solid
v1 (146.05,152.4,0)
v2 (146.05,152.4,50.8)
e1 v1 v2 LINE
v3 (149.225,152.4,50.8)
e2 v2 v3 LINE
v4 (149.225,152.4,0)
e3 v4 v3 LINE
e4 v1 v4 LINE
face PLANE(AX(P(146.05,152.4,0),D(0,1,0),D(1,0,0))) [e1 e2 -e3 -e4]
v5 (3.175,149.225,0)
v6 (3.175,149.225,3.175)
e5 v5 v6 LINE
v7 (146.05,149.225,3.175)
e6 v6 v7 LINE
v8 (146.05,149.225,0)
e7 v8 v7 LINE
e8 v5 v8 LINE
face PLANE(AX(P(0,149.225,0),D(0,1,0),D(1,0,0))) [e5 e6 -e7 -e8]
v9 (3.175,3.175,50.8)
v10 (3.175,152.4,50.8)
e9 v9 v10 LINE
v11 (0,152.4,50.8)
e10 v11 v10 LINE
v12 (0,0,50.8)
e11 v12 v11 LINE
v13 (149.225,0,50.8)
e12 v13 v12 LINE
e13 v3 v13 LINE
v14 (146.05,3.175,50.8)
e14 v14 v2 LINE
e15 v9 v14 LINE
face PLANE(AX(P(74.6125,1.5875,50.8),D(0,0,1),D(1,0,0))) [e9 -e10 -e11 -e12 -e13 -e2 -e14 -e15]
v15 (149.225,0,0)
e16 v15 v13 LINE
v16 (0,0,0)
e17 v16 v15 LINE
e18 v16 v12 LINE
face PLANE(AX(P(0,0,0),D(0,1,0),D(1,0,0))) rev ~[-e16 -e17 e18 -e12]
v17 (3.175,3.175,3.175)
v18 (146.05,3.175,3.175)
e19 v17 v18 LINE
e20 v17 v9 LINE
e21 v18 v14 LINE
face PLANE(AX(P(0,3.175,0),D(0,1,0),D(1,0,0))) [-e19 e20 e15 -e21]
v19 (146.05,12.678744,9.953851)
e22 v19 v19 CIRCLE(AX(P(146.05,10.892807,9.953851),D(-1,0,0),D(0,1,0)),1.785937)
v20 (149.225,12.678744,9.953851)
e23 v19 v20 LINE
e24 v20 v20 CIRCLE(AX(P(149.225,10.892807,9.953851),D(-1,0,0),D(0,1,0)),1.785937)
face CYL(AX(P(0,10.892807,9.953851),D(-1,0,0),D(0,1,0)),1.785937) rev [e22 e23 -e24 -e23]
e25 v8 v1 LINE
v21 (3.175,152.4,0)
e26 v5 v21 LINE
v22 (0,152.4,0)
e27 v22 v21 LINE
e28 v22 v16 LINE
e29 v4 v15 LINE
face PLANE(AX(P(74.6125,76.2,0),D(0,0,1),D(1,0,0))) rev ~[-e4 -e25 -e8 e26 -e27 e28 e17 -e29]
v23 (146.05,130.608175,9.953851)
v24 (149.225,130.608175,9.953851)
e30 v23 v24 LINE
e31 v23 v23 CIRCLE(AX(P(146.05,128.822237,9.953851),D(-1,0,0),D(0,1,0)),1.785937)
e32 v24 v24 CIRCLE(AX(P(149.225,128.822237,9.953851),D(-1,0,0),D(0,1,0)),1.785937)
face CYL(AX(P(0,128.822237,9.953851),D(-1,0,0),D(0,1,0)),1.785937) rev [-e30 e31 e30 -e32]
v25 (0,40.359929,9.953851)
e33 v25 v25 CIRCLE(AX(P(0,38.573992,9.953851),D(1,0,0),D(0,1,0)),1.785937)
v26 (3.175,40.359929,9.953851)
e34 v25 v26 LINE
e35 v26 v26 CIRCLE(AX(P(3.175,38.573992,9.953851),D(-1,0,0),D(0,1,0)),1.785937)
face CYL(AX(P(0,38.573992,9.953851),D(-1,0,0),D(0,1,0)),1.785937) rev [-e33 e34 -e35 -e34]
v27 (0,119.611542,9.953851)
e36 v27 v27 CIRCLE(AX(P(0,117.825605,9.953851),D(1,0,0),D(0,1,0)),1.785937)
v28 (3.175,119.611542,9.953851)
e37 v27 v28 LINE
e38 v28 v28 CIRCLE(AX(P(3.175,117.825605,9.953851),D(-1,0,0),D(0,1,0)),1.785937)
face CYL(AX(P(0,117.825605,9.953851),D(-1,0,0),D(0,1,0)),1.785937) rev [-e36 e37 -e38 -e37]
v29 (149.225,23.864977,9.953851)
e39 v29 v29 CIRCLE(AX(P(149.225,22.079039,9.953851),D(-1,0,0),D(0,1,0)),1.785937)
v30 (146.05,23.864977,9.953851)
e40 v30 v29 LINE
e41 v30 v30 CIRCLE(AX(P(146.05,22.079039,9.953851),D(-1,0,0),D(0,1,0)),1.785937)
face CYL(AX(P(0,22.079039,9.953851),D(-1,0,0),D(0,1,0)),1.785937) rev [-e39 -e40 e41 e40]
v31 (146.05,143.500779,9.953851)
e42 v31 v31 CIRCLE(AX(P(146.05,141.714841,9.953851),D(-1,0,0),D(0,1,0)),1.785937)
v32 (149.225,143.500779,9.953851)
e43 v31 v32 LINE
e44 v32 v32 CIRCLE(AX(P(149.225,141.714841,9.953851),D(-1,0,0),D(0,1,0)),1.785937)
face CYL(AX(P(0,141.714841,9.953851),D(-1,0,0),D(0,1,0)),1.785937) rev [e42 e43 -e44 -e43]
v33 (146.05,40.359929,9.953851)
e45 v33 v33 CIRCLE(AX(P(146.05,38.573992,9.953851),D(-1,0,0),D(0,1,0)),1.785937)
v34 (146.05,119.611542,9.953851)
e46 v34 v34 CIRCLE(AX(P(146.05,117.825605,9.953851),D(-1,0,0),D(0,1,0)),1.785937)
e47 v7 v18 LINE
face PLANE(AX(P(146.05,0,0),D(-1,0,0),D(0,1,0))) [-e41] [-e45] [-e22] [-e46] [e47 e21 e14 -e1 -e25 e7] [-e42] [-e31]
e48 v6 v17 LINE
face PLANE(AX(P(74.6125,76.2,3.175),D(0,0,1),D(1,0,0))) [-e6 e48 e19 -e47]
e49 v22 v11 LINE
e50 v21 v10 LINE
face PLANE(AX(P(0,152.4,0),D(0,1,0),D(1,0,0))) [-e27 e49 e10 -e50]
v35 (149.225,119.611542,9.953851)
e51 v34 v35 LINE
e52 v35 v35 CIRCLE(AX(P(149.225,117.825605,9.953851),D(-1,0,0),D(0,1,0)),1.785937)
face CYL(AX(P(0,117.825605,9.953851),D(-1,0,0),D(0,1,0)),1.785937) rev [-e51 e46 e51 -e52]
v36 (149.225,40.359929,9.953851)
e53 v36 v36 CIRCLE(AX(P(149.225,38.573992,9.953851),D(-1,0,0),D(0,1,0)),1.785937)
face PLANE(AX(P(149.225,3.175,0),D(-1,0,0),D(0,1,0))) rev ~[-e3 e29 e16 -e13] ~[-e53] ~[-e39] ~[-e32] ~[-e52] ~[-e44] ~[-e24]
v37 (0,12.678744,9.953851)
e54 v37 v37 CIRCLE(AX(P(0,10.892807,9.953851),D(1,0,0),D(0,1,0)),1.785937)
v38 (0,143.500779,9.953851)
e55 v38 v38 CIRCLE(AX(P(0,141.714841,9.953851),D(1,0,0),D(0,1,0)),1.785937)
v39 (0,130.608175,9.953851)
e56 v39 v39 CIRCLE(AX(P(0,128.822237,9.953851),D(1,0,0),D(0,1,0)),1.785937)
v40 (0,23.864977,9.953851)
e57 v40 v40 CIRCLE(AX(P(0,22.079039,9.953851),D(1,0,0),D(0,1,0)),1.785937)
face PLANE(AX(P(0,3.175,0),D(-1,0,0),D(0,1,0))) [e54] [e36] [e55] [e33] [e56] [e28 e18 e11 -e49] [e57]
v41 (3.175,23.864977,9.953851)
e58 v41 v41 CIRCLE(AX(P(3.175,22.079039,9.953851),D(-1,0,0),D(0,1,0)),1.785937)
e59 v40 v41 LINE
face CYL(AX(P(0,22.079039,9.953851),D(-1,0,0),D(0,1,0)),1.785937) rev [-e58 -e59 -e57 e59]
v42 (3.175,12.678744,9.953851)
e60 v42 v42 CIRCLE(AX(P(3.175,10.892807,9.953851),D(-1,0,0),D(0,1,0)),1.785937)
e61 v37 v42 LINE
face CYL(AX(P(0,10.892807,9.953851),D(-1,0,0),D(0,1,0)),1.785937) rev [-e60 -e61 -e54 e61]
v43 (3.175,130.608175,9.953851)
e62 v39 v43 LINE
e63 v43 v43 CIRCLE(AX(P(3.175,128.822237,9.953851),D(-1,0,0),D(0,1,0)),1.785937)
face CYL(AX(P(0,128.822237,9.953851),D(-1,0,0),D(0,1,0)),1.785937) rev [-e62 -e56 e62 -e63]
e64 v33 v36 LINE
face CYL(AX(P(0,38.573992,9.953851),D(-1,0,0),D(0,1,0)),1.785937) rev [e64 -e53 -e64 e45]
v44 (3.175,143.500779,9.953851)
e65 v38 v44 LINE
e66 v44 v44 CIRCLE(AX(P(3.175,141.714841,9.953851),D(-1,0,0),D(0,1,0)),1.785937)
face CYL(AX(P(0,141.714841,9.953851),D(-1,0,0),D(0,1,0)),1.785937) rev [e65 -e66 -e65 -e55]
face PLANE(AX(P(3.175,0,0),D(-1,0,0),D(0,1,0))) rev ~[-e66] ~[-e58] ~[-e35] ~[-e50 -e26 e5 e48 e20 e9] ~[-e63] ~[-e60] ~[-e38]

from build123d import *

# Parameters (mm, degrees)
F0_W     = 149.225
F0_H     = 3.175
F1_DEPTH = 50.8
F0_H_2   = 146.05
F2_DEPTH = 3.175
F3_W     = 3.175
F3_H     = 152.4
F4_DEPTH = 50.8
F5_W     = 3.175
F5_H     = 152.4
F6_DEPTH = 50.8
F7_R     = 1.7859375
F8_DEPTH = 254


with BuildPart() as f1:
    # F0 (on Top) → F1 (new body)
    with BuildSketch(Plane.XY):
        with Locations((74.6125, 1.5875)):
            Rectangle(F0_W, F0_H)
    extrude(amount=F1_DEPTH)

    # F0 (on Top) → F2 (join)
    with BuildSketch(Plane.XY):
        with Locations((74.6125, 76.2)):
            Rectangle(F0_W, F0_H_2)
    extrude(amount=F2_DEPTH)

    # F3 (on Top) → F4 (join)
    with BuildSketch(Plane.XY):
        with Locations((1.5875, 76.2)):
            Rectangle(F3_W, F3_H)
    extrude(amount=F4_DEPTH)

    # F5 (on Top) → F6 (join)
    with BuildSketch(Plane.XY):
        with Locations((147.6375, 76.2)):
            Rectangle(F5_W, F5_H)
    extrude(amount=F6_DEPTH)

    # F7 (on Right) → F8 (cut)
    with BuildSketch(Plane.YZ):
        with Locations((10.8928065747, 9.9538508803)):
            Circle(F7_R)
        with Locations((22.0790393651, 9.9538508803)):
            Circle(F7_R)
        with Locations((38.5739915073, 9.9538508803)):
            Circle(F7_R)
        with Locations((141.7148411274, 9.9538508803)):
            Circle(F7_R)
        with Locations((128.8222372532, 9.9538508803)):
            Circle(F7_R)
        with Locations((117.8256049752, 9.9538508803)):
            Circle(F7_R)
    extrude(amount=F8_DEPTH, mode=Mode.SUBTRACT)


solid = f1.part
